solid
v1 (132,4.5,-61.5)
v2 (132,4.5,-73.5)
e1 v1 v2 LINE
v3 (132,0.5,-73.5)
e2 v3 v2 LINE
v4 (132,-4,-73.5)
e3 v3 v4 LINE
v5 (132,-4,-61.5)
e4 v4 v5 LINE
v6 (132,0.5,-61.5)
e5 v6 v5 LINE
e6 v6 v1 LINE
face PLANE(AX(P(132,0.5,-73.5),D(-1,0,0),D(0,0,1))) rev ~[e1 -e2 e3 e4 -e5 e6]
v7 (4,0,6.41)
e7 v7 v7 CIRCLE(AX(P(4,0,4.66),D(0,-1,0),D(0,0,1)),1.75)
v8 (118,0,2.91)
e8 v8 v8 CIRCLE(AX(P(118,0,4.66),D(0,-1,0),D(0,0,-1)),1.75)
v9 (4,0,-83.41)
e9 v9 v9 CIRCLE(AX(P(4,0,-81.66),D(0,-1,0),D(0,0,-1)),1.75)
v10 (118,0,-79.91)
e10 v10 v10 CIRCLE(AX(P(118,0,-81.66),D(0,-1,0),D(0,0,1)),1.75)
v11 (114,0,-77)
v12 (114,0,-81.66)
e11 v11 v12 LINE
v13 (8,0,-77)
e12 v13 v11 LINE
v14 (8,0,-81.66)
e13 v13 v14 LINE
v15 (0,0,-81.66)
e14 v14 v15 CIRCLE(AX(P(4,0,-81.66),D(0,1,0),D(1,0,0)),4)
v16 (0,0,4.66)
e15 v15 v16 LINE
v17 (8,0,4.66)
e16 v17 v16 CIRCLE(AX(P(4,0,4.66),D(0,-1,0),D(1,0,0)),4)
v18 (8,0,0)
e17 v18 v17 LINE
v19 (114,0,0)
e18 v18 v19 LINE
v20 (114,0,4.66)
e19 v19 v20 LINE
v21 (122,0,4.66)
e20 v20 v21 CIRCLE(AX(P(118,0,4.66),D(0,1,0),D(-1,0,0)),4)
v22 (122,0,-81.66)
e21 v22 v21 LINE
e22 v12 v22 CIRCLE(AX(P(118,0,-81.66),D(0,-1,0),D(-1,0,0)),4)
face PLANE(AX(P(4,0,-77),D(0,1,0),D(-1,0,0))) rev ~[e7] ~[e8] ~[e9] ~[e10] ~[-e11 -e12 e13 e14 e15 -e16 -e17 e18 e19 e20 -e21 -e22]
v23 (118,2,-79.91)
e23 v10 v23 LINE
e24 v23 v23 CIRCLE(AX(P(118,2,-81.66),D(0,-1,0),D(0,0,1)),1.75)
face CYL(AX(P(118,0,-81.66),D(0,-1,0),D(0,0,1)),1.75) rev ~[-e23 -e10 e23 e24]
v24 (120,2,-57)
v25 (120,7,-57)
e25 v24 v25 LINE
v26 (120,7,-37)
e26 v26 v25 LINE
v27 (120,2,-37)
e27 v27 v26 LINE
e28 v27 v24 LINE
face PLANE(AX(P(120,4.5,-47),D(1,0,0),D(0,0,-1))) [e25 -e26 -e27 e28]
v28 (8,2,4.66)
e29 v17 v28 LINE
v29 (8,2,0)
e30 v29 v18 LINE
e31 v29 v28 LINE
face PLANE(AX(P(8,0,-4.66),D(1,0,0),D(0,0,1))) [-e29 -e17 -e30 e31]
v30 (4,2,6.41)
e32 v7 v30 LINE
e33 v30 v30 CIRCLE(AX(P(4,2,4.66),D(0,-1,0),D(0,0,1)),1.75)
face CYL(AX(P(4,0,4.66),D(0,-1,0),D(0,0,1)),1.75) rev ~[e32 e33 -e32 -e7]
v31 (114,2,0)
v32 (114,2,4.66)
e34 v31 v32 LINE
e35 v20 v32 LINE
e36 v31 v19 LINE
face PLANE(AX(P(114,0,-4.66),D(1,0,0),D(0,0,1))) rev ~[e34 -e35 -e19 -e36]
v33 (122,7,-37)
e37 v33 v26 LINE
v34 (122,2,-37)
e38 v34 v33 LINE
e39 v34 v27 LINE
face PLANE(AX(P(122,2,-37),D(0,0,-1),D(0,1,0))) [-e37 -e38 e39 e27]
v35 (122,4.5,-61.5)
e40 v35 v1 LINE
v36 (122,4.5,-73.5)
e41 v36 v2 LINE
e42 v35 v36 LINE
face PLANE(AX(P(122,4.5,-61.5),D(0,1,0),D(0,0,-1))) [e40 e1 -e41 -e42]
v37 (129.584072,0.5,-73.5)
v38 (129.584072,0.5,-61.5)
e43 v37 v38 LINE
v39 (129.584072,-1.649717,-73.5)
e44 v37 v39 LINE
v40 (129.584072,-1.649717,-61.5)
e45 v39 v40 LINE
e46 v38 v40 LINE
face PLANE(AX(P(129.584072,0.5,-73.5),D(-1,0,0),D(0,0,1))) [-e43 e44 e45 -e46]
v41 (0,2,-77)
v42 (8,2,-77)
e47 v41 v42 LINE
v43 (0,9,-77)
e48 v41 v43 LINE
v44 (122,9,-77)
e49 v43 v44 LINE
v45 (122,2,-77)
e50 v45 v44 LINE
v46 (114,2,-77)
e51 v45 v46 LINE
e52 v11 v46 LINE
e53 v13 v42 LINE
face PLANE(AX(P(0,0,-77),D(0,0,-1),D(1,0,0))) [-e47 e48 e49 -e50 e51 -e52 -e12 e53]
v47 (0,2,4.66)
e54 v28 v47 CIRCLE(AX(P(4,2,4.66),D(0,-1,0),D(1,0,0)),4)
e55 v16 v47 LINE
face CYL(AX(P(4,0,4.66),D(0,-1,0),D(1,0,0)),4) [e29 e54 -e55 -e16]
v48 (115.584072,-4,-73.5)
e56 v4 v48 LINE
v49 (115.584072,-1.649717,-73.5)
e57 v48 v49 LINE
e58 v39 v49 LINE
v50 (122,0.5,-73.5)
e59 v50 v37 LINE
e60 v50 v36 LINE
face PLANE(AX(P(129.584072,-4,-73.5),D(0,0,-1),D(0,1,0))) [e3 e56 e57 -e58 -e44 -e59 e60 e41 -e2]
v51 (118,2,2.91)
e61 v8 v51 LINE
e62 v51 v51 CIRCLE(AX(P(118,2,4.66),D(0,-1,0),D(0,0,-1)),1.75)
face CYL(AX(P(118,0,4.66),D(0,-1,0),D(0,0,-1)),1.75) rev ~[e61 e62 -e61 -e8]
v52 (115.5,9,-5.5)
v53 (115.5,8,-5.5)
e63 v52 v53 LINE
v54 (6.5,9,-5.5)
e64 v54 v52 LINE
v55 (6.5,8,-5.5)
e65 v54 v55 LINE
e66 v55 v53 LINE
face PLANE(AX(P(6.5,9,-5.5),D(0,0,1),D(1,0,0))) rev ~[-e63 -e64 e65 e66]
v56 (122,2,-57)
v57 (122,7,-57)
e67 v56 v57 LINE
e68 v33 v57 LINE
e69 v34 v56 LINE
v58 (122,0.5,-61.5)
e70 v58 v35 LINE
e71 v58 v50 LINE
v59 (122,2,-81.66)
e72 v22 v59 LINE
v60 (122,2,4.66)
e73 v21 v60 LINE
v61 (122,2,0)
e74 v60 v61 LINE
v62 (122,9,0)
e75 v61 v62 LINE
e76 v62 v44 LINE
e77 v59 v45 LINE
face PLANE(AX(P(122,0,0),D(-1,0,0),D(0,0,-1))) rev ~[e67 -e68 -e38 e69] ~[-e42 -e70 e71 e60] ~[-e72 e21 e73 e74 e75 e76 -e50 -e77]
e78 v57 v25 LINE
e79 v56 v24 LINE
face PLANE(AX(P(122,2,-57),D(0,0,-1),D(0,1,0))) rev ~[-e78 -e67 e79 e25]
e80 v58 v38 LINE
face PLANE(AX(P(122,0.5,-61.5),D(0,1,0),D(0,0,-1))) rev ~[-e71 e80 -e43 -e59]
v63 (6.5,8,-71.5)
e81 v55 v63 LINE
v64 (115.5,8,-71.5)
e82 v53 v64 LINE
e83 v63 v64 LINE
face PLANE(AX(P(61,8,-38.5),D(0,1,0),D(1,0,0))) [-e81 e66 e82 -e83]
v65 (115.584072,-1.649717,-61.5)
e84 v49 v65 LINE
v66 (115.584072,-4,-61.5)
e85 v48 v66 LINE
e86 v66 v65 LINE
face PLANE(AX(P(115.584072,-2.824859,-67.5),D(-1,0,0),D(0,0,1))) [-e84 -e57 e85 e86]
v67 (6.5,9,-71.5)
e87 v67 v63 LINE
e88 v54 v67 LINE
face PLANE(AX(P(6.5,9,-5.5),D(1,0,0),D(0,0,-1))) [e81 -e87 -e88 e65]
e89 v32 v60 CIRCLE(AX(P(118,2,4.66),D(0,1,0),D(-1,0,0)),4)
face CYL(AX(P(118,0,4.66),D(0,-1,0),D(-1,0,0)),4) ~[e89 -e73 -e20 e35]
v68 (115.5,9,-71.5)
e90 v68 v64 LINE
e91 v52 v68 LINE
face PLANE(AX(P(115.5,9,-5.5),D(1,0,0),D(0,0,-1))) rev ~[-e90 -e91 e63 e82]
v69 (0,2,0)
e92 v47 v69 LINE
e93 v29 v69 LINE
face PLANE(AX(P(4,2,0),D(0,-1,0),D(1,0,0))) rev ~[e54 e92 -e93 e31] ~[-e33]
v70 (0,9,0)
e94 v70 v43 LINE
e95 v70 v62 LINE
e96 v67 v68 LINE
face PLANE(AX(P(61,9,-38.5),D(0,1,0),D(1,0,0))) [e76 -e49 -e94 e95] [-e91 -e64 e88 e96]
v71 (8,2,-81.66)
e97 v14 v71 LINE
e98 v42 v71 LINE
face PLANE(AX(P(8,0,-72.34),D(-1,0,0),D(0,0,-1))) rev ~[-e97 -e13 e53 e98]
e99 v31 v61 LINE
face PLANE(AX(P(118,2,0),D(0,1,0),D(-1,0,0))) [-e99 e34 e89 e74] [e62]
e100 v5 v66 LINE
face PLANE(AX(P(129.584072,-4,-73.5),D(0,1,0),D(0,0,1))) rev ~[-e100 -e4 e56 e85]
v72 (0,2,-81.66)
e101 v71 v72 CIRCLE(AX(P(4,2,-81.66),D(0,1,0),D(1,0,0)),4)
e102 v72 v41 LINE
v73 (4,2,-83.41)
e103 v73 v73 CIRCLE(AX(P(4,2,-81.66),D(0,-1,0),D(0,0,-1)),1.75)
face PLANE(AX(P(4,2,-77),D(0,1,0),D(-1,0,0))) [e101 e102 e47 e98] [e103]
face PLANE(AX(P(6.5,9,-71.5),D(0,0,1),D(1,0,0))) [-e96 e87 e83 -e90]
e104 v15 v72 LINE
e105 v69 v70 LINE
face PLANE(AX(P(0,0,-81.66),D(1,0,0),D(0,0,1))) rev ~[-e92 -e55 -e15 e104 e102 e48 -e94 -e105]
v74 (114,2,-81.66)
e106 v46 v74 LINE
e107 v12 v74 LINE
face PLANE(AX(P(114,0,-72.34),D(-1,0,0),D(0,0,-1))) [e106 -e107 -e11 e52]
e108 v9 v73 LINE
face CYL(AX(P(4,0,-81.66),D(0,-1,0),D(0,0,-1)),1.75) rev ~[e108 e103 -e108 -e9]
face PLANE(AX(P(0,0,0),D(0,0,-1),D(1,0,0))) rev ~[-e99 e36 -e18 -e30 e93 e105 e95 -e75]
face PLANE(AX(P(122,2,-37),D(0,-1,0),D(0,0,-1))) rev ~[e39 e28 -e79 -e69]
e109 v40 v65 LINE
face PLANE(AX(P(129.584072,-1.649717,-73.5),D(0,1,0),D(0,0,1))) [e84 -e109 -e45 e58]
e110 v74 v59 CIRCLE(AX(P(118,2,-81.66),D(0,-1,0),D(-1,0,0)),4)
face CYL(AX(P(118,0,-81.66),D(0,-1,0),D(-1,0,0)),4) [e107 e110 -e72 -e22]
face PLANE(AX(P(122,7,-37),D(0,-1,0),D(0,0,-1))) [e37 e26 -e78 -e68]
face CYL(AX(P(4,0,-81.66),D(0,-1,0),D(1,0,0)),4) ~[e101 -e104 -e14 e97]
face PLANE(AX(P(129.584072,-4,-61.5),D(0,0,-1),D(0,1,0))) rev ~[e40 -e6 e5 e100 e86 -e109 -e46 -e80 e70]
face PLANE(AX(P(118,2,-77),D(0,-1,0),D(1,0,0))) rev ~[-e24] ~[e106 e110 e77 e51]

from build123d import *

# Parameters (mm, degrees)
SKETCH1_W           = 122
SKETCH1_H           = 77
BOSS_EXTRUDE1_DEPTH = 9
SKETCH2_W           = 109
SKETCH2_H           = 66
CUT_EXTRUDE1_DEPTH  = 1
BOSS_EXTRUDE2_DEPTH = 2
SKETCH4_R           = 1.75
CUT_EXTRUDE3_DEPTH  = 4
SKETCH5_W           = 12
SKETCH5_H           = 4
SKETCH5_W_2         = 20
SKETCH5_H_2         = 5
CUT_EXTRUDE4_DEPTH  = 2
SKETCH11_W          = 12
SKETCH11_H          = 4
BOSS_EXTRUDE4_DEPTH = 10
SKETCH12_W          = 2.415928069
SKETCH12_H          = 12
BOSS_EXTRUDE5_DEPTH = 4.5
SKETCH13_W          = 12
SKETCH13_H          = 2.350282926
BOSS_EXTRUDE6_DEPTH = 14
SKETCH11_2_W        = 12
SKETCH11_2_H        = 4
BOSS_EXTRUDE7_DEPTH = 14


with BuildPart() as part:
    # Sketch1 → Boss-Extrude1 (new body)
    with BuildSketch(Plane(origin=(0, 0, 0), x_dir=(1, 0, 0), z_dir=(0, 1, 0))):
        with Locations((61, 38.5)):
            Rectangle(SKETCH1_W, SKETCH1_H)
    extrude(amount=BOSS_EXTRUDE1_DEPTH)

    # Sketch2 → Cut-Extrude1 (cut)
    with BuildSketch(Plane(origin=(0, 9, 0), x_dir=(1, 0, 0), z_dir=(0, 1, 0))):
        with Locations((61, 38.5)):
            Rectangle(SKETCH2_W, SKETCH2_H)
    extrude(amount=-CUT_EXTRUDE1_DEPTH, mode=Mode.SUBTRACT)

    # Sketch3 → Boss-Extrude2 (add)
    with BuildSketch(Plane.XZ):
        with BuildLine():
            Line((0, -81.66), (0, -72.34))
            ThreePointArc((0, -72.34), (4, -68.34), (8, -72.34))
            Line((8, -72.34), (8, -81.66))
            ThreePointArc((8, -81.66), (4, -85.66), (0, -81.66))
        make_face()
        with BuildLine():
            Line((122, -81.66), (122, -72.34))
            ThreePointArc((122, -72.34), (118, -68.34), (114, -72.34))
            Line((114, -72.34), (114, -81.66))
            ThreePointArc((114, -81.66), (118, -85.66), (122, -81.66))
        make_face()
        with BuildLine():
            Line((0, 4.66), (0, -4.66))
            ThreePointArc((0, -4.66), (4, -8.66), (8, -4.66))
            Line((8, -4.66), (8, 4.66))
            ThreePointArc((8, 4.66), (4, 8.66), (0, 4.66))
        make_face()
        with BuildLine():
            Line((122, 4.66), (122, -4.66))
            ThreePointArc((122, -4.66), (118, -8.66), (114, -4.66))
            Line((114, -4.66), (114, 4.66))
            ThreePointArc((114, 4.66), (118, 8.66), (122, 4.66))
        make_face()
    extrude(amount=-BOSS_EXTRUDE2_DEPTH)

    # Sketch4 → Cut-Extrude3 (cut)
    with BuildSketch(Plane.XZ):
        with Locations((4, -81.66)):
            Circle(SKETCH4_R)
        with Locations((118, -81.66)):
            Circle(SKETCH4_R)
        with Locations((4, 4.66)):
            Circle(SKETCH4_R)
        with Locations((118, 4.66)):
            Circle(SKETCH4_R)
    extrude(amount=-CUT_EXTRUDE3_DEPTH, mode=Mode.SUBTRACT)

    # Sketch5 → Cut-Extrude4 (cut)
    with BuildSketch(Plane(origin=(122, 0, 0), x_dir=(0, 0, -1), z_dir=(1, 0, 0))):
        with Locations((67.5, 2.5)):
            Rectangle(SKETCH5_W, SKETCH5_H)
        with Locations((47, 4.5)):
            Rectangle(SKETCH5_W_2, SKETCH5_H_2)
    extrude(amount=-CUT_EXTRUDE4_DEPTH, mode=Mode.SUBTRACT)



with BuildPart() as body_2:
    # Sketch11 → Boss-Extrude4 (new body)
    with BuildSketch(Plane(origin=(122, 0, 0), x_dir=(0, 0, -1), z_dir=(1, 0, 0))):
        with Locations((67.5, 2.5)):
            Rectangle(SKETCH11_W, SKETCH11_H)
    extrude(amount=BOSS_EXTRUDE4_DEPTH)

    # Sketch12 → Boss-Extrude5 (add)
    with BuildSketch(Plane.XZ.offset(-0.5)):
        with Locations((130.792035966, -67.5)):
            Rectangle(SKETCH12_W, SKETCH12_H)
    extrude(amount=BOSS_EXTRUDE5_DEPTH)

    # Sketch13 → Boss-Extrude6 (add)
    with BuildSketch(Plane.ZY.offset(-129.584071931)):
        with Locations((-67.5, -2.824858537)):
            Rectangle(SKETCH13_W, SKETCH13_H)
    extrude(amount=BOSS_EXTRUDE6_DEPTH)


with BuildPart() as part_1:
    add(part.part)

    add(body_2.part)  # Boss-Extrude7 merges body 2
    # Sketch11<2> → Boss-Extrude7 (add)
    with BuildSketch(Plane(origin=(122, 0, 0), x_dir=(0, 0, -1), z_dir=(1, 0, 0))):
        with Locations((67.5, 2.5)):
            Rectangle(SKETCH11_2_W, SKETCH11_2_H)
    extrude(amount=-BOSS_EXTRUDE7_DEPTH)


solid = part_1.part
